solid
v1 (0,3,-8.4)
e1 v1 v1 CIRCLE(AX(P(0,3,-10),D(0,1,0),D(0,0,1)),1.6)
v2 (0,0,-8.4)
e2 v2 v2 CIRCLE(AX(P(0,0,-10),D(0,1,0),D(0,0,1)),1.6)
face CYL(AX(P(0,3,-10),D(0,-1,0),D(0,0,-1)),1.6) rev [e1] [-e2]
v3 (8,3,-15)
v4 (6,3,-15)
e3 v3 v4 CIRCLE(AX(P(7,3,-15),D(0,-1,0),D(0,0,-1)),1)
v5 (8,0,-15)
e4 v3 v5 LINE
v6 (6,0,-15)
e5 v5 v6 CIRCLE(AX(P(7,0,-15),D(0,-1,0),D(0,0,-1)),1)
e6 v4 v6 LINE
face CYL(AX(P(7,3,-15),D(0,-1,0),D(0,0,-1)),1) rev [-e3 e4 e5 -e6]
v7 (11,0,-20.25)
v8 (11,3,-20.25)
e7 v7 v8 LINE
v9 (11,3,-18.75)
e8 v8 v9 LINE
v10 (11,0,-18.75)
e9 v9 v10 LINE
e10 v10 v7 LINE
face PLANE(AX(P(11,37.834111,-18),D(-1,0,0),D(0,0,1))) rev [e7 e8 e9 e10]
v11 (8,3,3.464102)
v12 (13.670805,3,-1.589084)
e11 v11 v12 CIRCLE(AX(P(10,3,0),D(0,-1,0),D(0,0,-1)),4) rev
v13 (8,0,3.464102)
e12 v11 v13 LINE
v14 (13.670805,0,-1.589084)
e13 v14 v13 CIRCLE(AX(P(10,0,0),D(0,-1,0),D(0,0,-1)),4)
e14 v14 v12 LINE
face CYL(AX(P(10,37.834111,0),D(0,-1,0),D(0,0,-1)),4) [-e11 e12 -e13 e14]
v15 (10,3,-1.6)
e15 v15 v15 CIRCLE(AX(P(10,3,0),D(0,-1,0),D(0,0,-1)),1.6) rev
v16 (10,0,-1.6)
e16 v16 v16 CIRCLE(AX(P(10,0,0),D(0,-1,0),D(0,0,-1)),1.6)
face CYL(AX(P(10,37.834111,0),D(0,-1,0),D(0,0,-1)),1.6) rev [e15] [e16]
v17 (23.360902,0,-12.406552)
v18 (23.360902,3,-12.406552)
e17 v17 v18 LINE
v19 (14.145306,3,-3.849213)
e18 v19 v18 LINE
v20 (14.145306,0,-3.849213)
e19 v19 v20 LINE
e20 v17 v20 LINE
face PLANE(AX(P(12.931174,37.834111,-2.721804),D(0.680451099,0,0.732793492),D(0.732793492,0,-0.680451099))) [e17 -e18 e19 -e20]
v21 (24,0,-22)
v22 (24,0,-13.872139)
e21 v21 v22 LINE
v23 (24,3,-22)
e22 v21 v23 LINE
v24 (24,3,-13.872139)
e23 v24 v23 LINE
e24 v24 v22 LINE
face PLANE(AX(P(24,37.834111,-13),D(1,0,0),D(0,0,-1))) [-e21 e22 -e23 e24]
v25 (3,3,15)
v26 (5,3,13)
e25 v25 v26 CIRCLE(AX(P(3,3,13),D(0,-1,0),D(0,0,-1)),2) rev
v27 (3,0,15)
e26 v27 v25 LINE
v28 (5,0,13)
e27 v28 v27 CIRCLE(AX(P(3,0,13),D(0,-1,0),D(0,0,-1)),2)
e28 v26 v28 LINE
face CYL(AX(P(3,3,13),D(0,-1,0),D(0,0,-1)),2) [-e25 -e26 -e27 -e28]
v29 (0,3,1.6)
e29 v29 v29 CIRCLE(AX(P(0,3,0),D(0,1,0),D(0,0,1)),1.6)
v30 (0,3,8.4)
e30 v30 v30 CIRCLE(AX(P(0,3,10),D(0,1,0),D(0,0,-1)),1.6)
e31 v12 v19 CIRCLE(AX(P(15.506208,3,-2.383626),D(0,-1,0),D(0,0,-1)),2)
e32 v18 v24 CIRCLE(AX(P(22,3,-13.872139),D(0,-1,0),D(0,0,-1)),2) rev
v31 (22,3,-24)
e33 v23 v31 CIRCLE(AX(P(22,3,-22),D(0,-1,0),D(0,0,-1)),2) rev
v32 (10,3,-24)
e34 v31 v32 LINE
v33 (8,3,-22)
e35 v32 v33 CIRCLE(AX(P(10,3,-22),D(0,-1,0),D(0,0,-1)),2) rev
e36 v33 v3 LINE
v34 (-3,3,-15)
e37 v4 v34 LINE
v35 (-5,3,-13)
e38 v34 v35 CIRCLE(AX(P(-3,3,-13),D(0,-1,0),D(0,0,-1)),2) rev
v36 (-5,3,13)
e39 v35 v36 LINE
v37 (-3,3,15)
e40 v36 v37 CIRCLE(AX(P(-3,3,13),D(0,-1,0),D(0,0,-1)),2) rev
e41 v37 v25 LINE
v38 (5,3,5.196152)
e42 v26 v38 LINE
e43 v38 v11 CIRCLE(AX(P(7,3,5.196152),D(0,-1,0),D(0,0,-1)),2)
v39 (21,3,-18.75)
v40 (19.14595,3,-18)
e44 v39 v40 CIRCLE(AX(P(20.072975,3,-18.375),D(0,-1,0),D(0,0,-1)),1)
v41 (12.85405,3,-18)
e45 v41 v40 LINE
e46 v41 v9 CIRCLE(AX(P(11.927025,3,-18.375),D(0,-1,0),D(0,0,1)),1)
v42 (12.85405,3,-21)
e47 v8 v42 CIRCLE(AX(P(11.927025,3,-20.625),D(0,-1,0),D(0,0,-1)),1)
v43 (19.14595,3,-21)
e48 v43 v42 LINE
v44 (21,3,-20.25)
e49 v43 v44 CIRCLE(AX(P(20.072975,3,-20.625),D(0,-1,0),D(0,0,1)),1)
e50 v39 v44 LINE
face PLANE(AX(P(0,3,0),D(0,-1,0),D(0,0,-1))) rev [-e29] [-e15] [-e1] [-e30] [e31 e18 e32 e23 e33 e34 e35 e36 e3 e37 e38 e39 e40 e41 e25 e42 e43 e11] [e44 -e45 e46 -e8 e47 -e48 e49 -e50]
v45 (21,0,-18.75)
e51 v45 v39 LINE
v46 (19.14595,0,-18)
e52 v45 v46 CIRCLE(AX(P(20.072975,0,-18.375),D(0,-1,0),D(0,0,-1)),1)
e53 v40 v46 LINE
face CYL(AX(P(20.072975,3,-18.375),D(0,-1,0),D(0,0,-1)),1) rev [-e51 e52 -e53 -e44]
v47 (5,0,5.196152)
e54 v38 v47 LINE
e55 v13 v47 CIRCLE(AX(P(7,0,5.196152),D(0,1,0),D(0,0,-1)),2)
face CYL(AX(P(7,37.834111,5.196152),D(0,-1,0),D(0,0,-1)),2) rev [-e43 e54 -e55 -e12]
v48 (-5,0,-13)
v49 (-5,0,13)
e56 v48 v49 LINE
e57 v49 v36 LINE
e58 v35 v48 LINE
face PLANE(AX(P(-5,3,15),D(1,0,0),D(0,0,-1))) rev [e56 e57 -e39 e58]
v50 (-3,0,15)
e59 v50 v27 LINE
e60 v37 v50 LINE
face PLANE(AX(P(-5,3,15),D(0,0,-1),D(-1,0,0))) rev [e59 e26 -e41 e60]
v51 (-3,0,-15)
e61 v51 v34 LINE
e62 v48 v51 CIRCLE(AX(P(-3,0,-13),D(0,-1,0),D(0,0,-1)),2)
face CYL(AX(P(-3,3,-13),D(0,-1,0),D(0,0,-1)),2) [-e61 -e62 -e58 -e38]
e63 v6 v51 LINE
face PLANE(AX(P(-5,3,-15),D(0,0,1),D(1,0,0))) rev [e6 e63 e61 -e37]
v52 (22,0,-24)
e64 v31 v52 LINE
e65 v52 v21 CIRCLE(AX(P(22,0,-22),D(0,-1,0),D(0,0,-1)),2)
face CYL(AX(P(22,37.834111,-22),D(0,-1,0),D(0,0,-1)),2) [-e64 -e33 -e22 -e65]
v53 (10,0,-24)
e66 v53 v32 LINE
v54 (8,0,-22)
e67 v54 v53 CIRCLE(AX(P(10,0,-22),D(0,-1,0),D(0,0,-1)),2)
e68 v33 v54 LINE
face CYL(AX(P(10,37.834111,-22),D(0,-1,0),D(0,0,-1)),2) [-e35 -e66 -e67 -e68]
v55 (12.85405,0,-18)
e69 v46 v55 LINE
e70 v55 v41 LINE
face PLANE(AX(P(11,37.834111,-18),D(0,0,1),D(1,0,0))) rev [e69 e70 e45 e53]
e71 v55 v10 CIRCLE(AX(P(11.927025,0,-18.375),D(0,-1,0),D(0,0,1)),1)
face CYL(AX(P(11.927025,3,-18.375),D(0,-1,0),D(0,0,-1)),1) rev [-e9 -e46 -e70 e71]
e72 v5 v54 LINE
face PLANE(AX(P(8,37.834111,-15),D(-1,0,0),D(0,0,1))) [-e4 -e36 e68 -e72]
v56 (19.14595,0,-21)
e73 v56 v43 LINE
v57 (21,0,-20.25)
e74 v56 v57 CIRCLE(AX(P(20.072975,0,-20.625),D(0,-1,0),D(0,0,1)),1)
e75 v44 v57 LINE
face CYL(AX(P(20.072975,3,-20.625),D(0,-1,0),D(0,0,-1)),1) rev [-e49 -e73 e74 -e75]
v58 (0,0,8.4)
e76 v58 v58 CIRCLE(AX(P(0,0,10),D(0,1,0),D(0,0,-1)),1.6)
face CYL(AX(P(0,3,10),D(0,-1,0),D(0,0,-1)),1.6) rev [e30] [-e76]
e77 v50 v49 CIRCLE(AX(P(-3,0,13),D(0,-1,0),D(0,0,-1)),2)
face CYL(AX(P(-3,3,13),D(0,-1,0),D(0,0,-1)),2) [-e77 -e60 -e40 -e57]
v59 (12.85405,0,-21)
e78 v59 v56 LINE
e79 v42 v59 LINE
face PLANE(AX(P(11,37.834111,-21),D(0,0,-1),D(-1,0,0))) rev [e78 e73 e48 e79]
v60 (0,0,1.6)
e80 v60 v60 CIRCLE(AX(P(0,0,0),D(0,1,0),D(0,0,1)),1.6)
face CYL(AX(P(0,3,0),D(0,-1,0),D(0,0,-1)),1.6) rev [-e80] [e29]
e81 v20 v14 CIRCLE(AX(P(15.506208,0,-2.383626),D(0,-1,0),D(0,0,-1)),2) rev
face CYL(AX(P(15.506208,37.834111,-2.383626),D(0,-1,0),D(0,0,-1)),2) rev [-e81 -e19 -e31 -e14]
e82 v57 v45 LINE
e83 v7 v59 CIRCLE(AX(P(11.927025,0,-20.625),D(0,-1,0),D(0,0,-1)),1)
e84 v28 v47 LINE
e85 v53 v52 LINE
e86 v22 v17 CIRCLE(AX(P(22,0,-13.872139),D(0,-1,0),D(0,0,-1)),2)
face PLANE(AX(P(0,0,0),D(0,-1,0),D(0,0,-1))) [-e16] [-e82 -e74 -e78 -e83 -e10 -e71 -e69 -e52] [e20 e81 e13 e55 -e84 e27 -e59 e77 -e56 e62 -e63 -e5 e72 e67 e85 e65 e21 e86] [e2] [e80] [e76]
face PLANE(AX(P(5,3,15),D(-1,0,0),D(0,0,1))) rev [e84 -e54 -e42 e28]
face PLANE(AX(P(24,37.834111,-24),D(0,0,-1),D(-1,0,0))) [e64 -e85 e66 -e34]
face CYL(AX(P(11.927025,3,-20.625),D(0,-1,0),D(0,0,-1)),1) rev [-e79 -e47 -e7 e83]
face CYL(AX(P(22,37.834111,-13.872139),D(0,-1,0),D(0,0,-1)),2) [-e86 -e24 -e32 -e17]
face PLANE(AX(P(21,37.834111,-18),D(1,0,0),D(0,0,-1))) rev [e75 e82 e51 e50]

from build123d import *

# Parameters (mm, degrees)
SKETCH_1_W          = 10
SKETCH_1_H          = 30
SKETCH_1_R          = 1.6
EXTRUDE_1_DEPTH     = 3
SKETCH_5_R          = 1.6
SKETCH_5_W          = 10
SKETCH_5_H          = 3
EXTRUDE_4_DEPTH     = 3
SKETCH_6_R          = 1
CUT_EXTRUDE_1_DEPTH = 35.073450075
FILLET_1_R          = 2


with BuildPart() as part:
    # 草图1 → 凸台-拉伸1 (new body)
    with BuildSketch(Plane(origin=(0, 0, 0), x_dir=(1, 0, 0), z_dir=(0, 1, 0))):
        Rectangle(SKETCH_1_W, SKETCH_1_H)
        with Locations(Location((0, 0, 0), (0, 0, 270))):
            Circle(SKETCH_1_R, mode=Mode.SUBTRACT)
        with Locations(Location((0, 10, 0), (0, 0, 270))):
            Circle(SKETCH_1_R, mode=Mode.SUBTRACT)
        with Locations(Location((0, -10, 0), (0, 0, 90))):
            Circle(SKETCH_1_R, mode=Mode.SUBTRACT)
    extrude(amount=EXTRUDE_1_DEPTH)

    # 草图5 → 凸台-拉伸4 (add)
    with BuildSketch(Plane.XZ):
        with BuildLine():
            Line((24, -13), (24, -24))
            Line((24, -24), (8, -24))
            Line((8, -24), (8, -15))
            Line((8, -15), (5, -15))
            Line((5, -15), (5, 5.196152423))
            ThreePointArc((5, 5.196152423), (6, 3.464101615), (8, 3.464101615))
            ThreePointArc((8, 3.464101615), (13.127799472, 2.493365288), (12.931173967, -2.721804397))
            Line((12.931173967, -2.721804397), (24, -13))
        make_face()
        with Locations(Location((10, 0, 0), (0, 0, 270))):
            Circle(SKETCH_5_R, mode=Mode.SUBTRACT)
        with Locations((16, -19.5)):
            Rectangle(SKETCH_5_W, SKETCH_5_H, mode=Mode.SUBTRACT)
    extrude(amount=-EXTRUDE_4_DEPTH)

    # 草图6 → 切除-拉伸1 (cut, through all)
    with BuildSketch(Plane.XZ):
        with Locations((20.072975189, -18.375)):
            Circle(SKETCH_6_R)
        with Locations((11.927024811, -18.375)):
            Circle(SKETCH_6_R)
        with Locations((11.927024811, -20.625)):
            Circle(SKETCH_6_R)
        with Locations((20.072975189, -20.625)):
            Circle(SKETCH_6_R)
        with Locations((7, -15)):
            Circle(SKETCH_6_R)
    extrude(amount=-CUT_EXTRUDE_1_DEPTH, mode=Mode.SUBTRACT)

    # 圆角1
    fillet_1_edges = [part.edges().sort_by_distance(p)[0] for p in [
        (8, 1.5, -24),
        (24, 1.5, -24),
        (24, 1.5, -13),
        (12.931173967, 1.5, -2.721804397),
        (5, 1.5, 15),
        (-5, 1.5, 15),
        (-5, 1.5, -15),
    ]]
    fillet(fillet_1_edges, radius=FILLET_1_R)


solid = part.part
